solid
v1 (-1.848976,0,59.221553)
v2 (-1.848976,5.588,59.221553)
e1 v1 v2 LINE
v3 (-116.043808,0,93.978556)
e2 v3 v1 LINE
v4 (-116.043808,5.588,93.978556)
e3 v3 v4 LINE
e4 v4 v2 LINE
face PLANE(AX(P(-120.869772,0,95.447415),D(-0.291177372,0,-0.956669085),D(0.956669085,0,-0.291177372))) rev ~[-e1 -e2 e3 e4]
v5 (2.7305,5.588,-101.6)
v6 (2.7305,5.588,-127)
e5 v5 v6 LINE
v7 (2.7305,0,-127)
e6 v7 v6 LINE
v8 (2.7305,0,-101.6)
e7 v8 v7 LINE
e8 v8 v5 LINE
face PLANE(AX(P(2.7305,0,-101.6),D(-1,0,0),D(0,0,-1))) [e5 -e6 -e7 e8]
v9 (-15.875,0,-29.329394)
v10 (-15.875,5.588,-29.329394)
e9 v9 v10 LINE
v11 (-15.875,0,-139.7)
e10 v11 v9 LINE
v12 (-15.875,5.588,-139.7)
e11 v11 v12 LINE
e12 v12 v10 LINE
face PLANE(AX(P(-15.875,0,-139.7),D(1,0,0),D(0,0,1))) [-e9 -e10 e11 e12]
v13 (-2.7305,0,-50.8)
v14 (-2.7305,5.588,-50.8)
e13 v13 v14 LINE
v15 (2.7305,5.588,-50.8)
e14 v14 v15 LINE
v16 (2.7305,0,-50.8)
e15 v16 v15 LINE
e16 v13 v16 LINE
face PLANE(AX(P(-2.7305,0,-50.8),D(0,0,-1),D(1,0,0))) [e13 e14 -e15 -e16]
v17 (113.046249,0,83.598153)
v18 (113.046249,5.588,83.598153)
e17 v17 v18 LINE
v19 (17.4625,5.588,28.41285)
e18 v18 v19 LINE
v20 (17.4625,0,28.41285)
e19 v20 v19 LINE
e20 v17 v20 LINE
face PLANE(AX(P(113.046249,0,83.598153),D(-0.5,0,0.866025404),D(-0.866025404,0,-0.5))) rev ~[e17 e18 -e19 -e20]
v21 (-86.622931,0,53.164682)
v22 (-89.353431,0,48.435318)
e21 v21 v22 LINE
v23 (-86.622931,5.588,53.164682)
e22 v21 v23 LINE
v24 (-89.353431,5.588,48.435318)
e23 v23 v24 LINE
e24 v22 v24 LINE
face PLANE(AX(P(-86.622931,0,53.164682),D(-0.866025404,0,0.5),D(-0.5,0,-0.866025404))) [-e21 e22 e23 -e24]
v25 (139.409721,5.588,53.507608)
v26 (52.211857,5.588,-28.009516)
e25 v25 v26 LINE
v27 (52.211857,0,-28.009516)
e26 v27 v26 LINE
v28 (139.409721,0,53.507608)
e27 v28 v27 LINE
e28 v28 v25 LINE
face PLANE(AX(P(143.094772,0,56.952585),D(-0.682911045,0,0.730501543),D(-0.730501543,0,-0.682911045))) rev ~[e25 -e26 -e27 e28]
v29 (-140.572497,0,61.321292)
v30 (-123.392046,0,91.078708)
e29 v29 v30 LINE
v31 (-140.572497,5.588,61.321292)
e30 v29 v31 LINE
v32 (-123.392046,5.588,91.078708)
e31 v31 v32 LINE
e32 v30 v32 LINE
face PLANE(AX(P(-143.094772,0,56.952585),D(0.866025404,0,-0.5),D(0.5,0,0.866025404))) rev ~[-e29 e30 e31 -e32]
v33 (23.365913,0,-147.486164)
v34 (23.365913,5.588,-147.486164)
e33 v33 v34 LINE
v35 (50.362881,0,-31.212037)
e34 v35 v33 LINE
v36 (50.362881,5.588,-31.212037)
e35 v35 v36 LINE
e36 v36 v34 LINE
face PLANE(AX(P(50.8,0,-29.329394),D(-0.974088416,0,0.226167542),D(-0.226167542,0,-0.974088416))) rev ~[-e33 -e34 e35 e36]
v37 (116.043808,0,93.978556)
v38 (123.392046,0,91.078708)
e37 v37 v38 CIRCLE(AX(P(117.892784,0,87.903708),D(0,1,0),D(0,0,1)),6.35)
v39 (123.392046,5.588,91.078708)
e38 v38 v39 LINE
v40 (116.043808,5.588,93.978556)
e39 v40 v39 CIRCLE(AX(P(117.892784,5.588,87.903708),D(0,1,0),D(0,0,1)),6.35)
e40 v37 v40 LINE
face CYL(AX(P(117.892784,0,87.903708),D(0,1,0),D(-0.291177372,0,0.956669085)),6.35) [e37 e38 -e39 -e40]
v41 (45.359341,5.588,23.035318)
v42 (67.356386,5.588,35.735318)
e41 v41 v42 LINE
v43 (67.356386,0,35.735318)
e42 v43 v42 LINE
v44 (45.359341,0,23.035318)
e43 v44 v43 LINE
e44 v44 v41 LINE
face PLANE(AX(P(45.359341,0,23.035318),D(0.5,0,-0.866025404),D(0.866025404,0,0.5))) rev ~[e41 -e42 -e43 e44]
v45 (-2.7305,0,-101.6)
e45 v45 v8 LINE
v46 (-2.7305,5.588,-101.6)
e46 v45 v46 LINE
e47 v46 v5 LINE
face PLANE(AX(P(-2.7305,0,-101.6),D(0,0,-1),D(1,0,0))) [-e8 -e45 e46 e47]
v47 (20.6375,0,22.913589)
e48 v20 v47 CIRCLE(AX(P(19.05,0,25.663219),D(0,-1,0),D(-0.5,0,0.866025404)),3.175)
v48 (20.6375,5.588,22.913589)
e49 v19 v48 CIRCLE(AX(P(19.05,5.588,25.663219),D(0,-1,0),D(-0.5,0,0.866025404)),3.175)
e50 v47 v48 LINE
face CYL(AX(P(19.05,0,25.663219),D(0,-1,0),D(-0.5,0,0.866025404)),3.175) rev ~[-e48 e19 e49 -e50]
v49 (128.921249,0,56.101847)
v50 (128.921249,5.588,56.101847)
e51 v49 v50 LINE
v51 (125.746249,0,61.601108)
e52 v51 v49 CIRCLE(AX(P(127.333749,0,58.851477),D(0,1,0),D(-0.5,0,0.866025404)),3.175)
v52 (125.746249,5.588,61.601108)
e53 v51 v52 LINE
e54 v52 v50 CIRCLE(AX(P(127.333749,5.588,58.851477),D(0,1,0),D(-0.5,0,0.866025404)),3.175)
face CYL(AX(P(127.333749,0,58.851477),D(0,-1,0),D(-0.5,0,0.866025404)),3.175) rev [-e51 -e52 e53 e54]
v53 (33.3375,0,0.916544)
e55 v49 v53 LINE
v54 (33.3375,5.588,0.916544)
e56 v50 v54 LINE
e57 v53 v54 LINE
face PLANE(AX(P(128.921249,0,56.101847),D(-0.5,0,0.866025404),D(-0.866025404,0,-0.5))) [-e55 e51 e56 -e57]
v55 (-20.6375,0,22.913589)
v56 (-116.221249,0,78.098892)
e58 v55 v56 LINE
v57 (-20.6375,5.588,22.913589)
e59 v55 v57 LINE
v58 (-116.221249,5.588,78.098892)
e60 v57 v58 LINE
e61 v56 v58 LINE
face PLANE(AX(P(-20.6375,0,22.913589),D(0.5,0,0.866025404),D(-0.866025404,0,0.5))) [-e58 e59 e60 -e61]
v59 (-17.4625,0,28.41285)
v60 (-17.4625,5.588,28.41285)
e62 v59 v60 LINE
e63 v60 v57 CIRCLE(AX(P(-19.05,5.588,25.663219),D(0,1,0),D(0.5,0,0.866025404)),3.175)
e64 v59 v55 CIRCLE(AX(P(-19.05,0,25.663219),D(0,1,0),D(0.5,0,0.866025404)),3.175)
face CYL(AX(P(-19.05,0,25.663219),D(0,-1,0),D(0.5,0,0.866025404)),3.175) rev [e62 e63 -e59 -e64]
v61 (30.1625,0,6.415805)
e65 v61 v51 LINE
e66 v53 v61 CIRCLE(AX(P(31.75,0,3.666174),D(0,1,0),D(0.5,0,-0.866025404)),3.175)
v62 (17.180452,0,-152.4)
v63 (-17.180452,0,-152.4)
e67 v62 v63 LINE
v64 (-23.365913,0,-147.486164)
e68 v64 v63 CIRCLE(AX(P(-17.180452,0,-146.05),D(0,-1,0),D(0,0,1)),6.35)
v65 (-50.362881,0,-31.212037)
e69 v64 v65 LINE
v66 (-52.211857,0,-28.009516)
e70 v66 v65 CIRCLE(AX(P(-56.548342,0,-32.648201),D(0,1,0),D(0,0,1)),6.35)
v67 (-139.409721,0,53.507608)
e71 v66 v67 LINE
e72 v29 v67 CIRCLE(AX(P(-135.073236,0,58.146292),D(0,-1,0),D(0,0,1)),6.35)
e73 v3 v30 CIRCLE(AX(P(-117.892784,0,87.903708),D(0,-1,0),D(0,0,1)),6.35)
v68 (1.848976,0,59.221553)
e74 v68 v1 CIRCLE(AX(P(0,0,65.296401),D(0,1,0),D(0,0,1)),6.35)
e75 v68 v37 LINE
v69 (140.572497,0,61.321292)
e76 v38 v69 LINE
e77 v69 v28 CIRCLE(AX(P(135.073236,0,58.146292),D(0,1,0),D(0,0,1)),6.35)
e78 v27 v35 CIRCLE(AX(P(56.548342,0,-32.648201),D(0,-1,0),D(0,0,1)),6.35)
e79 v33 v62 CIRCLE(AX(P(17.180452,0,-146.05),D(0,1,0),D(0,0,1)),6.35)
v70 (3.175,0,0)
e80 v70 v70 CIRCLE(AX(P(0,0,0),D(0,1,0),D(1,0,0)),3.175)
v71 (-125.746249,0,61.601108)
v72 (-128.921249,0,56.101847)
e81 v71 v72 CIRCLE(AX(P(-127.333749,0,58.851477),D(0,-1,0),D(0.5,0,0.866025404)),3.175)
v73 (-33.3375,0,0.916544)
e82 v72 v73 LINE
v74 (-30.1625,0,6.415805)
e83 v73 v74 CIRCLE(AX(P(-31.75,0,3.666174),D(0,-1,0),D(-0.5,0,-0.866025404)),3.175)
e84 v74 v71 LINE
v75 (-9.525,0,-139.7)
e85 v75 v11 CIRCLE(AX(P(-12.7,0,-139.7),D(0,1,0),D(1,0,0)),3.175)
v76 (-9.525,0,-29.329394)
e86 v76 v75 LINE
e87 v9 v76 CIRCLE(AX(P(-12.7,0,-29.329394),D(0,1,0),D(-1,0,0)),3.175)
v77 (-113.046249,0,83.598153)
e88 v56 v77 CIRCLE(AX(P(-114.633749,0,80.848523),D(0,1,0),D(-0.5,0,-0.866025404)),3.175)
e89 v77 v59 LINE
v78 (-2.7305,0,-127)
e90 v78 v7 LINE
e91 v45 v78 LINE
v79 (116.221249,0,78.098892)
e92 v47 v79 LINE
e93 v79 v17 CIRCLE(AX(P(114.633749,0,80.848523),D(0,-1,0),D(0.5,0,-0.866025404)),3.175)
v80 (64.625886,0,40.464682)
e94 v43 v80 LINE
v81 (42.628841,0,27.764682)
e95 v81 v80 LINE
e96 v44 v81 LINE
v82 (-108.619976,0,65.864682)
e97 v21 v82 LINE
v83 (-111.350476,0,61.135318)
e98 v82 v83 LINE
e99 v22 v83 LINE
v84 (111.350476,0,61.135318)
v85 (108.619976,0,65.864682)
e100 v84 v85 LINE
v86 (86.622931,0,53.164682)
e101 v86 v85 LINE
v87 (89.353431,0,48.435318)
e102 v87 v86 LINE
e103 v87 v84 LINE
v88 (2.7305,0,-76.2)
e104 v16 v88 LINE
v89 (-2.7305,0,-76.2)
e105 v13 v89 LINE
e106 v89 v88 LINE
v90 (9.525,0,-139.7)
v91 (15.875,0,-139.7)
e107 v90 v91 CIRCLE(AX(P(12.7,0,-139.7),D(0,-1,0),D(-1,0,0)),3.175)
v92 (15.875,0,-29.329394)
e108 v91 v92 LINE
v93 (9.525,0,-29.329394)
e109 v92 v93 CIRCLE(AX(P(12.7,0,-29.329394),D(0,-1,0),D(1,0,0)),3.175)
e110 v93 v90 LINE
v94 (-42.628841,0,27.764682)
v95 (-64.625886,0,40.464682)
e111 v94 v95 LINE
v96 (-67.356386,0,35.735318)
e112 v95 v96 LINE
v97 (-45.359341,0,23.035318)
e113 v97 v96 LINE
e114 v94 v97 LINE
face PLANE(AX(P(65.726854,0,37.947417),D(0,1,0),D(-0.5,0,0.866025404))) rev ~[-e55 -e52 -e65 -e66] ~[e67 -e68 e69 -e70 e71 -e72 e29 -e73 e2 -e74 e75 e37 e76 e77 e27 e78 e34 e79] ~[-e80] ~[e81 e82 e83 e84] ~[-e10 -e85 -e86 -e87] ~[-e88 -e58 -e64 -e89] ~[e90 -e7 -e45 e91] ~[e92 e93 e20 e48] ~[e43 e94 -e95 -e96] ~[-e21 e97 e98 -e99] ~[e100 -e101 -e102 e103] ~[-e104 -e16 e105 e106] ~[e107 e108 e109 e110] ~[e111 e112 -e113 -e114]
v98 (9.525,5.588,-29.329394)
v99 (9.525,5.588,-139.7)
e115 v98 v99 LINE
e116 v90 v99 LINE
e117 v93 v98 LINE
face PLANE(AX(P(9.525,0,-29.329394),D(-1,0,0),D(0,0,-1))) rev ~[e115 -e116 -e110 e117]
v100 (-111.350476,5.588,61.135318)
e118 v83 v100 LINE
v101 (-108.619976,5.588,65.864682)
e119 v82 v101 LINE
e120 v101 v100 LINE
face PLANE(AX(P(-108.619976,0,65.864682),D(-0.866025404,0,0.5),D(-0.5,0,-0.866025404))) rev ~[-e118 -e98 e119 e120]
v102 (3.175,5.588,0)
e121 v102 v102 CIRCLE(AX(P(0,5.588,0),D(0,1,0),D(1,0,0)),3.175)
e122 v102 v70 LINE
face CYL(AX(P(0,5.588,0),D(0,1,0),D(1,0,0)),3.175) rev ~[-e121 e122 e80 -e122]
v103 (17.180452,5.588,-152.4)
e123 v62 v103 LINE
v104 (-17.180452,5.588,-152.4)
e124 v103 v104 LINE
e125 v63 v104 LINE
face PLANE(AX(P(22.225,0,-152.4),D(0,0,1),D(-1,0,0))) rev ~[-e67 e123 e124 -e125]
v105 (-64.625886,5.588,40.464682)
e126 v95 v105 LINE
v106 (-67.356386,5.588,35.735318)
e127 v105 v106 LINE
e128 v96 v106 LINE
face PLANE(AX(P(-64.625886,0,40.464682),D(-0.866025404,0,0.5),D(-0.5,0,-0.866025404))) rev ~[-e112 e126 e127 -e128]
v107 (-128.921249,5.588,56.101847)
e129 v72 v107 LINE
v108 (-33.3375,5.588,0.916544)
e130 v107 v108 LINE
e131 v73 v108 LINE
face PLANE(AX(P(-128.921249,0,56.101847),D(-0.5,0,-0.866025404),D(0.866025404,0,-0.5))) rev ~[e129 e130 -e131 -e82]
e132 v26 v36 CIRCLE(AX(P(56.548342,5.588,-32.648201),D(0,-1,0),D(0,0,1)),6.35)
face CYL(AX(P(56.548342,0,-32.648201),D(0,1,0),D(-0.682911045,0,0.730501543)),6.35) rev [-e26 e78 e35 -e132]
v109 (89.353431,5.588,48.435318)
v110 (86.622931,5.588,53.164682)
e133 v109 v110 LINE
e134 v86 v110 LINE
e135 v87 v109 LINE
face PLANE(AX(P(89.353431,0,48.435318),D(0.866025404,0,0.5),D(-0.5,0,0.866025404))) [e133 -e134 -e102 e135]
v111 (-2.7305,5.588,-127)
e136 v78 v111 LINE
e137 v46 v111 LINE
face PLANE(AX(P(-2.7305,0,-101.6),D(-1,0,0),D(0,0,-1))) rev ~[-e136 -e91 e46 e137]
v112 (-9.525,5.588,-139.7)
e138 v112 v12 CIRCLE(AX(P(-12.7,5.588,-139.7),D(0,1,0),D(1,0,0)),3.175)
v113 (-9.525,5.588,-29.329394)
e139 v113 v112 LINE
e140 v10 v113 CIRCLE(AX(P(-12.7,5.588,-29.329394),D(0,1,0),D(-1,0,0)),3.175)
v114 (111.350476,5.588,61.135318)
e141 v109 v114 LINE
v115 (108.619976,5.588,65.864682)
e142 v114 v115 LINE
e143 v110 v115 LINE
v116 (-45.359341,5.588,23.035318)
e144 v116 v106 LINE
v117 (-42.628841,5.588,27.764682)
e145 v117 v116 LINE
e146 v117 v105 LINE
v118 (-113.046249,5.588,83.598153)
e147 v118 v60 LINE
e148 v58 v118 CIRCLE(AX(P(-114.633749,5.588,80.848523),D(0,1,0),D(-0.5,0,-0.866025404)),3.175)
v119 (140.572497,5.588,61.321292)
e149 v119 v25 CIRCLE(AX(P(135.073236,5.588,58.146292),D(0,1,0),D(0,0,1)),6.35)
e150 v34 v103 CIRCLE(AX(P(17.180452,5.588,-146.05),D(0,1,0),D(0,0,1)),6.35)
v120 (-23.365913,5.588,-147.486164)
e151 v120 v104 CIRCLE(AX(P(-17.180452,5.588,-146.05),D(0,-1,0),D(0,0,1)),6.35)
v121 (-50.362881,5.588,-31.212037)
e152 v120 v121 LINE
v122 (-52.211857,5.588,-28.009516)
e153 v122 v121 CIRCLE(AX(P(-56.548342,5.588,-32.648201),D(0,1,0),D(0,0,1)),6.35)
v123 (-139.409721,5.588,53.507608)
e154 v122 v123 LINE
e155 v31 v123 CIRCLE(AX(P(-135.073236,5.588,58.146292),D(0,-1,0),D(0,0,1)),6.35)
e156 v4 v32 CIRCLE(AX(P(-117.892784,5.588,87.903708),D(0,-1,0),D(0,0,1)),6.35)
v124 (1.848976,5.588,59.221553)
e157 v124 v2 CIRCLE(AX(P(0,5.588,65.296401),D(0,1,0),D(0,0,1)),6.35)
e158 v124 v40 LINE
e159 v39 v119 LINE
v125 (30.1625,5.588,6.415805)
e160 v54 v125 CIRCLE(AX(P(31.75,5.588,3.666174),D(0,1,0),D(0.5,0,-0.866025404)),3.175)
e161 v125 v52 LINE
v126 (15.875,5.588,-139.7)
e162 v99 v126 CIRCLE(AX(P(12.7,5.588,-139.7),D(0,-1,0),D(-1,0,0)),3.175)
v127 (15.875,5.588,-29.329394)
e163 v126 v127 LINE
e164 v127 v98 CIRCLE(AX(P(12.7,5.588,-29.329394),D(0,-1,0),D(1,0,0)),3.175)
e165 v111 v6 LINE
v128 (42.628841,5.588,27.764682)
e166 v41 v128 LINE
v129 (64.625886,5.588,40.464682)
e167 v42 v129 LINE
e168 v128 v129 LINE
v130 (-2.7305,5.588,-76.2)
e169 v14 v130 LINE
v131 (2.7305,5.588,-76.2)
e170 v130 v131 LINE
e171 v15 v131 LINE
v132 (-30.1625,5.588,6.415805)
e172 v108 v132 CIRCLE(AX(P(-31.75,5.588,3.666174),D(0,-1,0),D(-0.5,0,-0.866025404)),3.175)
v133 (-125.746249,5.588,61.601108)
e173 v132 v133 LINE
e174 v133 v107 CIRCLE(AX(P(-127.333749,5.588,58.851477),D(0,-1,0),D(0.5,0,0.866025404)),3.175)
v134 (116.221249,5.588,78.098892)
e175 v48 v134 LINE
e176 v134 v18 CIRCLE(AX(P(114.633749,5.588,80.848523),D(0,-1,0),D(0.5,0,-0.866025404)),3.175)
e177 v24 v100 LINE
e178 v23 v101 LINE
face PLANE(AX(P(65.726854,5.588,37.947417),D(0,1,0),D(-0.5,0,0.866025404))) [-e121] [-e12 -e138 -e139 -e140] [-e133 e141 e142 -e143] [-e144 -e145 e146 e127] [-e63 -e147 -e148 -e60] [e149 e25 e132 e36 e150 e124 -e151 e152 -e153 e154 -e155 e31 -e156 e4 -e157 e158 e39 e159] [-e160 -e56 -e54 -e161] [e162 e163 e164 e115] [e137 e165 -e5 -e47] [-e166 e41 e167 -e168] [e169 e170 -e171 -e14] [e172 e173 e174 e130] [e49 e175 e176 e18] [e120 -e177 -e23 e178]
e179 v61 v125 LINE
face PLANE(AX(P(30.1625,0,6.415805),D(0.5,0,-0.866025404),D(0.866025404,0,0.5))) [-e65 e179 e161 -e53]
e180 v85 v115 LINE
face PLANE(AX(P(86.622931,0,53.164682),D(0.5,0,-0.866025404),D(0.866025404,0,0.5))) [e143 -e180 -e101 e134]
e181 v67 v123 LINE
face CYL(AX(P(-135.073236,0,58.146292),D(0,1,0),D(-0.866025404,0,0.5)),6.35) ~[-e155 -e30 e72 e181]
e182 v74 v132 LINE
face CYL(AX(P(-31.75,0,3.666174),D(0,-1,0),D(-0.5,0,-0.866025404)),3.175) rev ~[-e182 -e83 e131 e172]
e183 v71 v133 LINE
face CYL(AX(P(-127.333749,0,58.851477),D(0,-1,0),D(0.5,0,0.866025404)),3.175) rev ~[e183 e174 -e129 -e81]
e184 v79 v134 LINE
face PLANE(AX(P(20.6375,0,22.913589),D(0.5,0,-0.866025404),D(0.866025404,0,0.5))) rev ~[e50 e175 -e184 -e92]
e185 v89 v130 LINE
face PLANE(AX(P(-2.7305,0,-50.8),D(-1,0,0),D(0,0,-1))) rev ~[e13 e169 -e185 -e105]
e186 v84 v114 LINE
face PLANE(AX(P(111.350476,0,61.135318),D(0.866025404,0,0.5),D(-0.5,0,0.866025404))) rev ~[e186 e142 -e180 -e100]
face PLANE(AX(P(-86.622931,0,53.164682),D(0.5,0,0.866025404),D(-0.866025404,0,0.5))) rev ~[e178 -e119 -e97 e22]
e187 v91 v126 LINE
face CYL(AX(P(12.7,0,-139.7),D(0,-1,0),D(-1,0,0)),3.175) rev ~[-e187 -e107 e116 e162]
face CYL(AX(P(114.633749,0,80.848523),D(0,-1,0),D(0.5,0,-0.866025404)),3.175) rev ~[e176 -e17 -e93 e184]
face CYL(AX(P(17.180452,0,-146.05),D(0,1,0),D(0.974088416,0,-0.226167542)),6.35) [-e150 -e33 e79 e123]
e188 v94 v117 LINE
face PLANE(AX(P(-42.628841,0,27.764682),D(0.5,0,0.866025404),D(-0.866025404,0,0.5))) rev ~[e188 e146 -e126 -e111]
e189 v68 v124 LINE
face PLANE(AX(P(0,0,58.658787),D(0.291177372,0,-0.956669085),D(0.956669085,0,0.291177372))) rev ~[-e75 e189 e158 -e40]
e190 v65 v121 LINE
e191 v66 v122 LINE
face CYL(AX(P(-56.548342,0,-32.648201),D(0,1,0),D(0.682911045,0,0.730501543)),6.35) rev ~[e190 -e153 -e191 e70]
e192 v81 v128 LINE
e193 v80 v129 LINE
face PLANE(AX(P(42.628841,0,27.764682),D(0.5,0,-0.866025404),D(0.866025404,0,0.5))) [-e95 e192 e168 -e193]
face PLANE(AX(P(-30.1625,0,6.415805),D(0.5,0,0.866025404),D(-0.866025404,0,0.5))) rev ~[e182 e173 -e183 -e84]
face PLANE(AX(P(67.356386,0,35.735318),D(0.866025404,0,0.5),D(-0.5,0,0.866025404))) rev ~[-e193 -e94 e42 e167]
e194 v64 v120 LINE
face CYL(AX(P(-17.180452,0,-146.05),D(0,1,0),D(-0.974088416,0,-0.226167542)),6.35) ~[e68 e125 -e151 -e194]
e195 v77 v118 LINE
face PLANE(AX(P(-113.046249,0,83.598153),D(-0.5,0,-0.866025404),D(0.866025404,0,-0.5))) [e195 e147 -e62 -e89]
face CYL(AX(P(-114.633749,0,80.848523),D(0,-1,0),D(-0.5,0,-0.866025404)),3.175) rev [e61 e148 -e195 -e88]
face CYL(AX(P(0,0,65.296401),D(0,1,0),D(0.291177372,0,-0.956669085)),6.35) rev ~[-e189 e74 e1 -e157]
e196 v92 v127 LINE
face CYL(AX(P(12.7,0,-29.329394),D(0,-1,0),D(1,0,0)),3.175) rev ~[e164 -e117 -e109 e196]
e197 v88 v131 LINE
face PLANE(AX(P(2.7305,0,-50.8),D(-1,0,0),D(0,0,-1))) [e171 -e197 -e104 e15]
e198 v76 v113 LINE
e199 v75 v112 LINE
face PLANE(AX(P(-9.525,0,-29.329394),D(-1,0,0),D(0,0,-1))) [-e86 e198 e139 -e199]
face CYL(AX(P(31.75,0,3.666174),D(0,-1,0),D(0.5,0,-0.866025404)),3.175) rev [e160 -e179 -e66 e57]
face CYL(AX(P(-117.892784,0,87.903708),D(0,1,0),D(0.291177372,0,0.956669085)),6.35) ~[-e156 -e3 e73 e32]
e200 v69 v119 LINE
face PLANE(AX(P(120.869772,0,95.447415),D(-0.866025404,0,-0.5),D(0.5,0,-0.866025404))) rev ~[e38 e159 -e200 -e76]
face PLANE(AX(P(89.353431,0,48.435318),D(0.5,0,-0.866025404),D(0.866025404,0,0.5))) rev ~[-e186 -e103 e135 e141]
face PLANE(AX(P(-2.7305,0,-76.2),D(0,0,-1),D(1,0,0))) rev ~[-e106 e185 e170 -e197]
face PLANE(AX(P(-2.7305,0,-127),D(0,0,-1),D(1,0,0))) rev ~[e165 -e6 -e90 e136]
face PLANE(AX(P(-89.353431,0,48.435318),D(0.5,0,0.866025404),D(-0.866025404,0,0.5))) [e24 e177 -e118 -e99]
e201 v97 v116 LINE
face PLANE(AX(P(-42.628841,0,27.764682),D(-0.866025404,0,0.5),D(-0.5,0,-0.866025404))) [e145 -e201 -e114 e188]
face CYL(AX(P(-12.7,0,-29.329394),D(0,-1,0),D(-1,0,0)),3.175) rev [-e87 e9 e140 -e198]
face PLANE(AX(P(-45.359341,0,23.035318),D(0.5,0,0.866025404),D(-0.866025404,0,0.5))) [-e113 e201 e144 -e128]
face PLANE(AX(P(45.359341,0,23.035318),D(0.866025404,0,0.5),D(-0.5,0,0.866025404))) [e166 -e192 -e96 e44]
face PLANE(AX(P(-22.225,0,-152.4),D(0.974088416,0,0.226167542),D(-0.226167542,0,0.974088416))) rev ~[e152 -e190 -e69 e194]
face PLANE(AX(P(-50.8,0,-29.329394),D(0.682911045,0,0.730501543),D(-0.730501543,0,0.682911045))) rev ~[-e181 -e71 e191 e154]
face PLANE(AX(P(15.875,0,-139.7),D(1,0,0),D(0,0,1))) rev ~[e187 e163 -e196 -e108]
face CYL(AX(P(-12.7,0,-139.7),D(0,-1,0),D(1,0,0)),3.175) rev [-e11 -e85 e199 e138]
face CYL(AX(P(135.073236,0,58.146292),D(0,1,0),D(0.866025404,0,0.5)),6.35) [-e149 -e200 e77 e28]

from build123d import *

# Parameters (mm, degrees)
SKETCH1_W           = 5.461
SKETCH1_H           = 25.4
BOSS_EXTRUDE1_DEPTH = 5.588
CIRPATTERN1_COUNT   = 3
SKETCH3_R           = 3.175
CUT_EXTRUDE1_DEPTH  = 6.588
FILLET2_R           = 6.35


with BuildPart() as part:
    # Sketch1 → Boss-Extrude1 (new body)
    with BuildSketch(Plane(origin=(0, 0, 0), x_dir=(1, 0, 0), z_dir=(0, 1, 0))):
        Polygon((0, 0), (50.8, 29.329393675), (22.225, 152.4), (-22.225, 152.4), (-50.8, 29.329393675), align=None)
        with BuildLine():
            Line((-9.525, 29.329393675), (-9.525, 139.7))
            ThreePointArc((-9.525, 139.7), (-12.7, 142.875), (-15.875, 139.7))
            Line((-15.875, 139.7), (-15.875, 29.329393675))
            ThreePointArc((-15.875, 29.329393675), (-12.7, 26.154393675), (-9.525, 29.329393675))
        make_face(mode=Mode.SUBTRACT)
        with Locations((0, 63.5)):
            Rectangle(SKETCH1_W, SKETCH1_H, mode=Mode.SUBTRACT)
        with BuildLine():
            Line((9.525, 29.329393675), (9.525, 139.7))
            ThreePointArc((9.525, 139.7), (12.7, 142.875), (15.875, 139.7))
            Line((15.875, 139.7), (15.875, 29.329393675))
            ThreePointArc((15.875, 29.329393675), (12.7, 26.154393675), (9.525, 29.329393675))
        make_face(mode=Mode.SUBTRACT)
        with Locations((0, 114.3)):
            Rectangle(SKETCH1_W, SKETCH1_H, mode=Mode.SUBTRACT)
    boss_extrude1 = extrude(amount=BOSS_EXTRUDE1_DEPTH)

    # CirPattern1: Boss-Extrude1 ×3 about axis
    cirpattern1_axis = Axis((0, 0, 0), (0, 1, 0))
    for i in range(1, CIRPATTERN1_COUNT):
        add(boss_extrude1.rotate(cirpattern1_axis, i * 360 / CIRPATTERN1_COUNT))

    # Sketch3 → Cut-Extrude1 (cut, through all)
    with BuildSketch(Plane(origin=(0, 5.588, 0), x_dir=(1, 0, 0), z_dir=(0, 1, 0))):
        Circle(SKETCH3_R)
    extrude(amount=-CUT_EXTRUDE1_DEPTH, mode=Mode.SUBTRACT)

    # Fillet2
    fillet2_edges = [part.edges().sort_by_distance(p)[0] for p in [
        (-143.094771537, 2.794, 56.952585401),
        (-120.869771537, 2.794, 95.447414599),
        (-50.8, 2.794, -29.329393675),
        (-22.225, 2.794, -152.4),
        (22.225, 2.794, -152.4),
        (50.8, 2.794, -29.329393675),
        (0, 2.794, 58.65878735),
        (120.869771537, 2.794, 95.447414599),
        (143.094771537, 2.794, 56.952585401),
    ]]
    fillet(fillet2_edges, radius=FILLET2_R)


solid = part.part
